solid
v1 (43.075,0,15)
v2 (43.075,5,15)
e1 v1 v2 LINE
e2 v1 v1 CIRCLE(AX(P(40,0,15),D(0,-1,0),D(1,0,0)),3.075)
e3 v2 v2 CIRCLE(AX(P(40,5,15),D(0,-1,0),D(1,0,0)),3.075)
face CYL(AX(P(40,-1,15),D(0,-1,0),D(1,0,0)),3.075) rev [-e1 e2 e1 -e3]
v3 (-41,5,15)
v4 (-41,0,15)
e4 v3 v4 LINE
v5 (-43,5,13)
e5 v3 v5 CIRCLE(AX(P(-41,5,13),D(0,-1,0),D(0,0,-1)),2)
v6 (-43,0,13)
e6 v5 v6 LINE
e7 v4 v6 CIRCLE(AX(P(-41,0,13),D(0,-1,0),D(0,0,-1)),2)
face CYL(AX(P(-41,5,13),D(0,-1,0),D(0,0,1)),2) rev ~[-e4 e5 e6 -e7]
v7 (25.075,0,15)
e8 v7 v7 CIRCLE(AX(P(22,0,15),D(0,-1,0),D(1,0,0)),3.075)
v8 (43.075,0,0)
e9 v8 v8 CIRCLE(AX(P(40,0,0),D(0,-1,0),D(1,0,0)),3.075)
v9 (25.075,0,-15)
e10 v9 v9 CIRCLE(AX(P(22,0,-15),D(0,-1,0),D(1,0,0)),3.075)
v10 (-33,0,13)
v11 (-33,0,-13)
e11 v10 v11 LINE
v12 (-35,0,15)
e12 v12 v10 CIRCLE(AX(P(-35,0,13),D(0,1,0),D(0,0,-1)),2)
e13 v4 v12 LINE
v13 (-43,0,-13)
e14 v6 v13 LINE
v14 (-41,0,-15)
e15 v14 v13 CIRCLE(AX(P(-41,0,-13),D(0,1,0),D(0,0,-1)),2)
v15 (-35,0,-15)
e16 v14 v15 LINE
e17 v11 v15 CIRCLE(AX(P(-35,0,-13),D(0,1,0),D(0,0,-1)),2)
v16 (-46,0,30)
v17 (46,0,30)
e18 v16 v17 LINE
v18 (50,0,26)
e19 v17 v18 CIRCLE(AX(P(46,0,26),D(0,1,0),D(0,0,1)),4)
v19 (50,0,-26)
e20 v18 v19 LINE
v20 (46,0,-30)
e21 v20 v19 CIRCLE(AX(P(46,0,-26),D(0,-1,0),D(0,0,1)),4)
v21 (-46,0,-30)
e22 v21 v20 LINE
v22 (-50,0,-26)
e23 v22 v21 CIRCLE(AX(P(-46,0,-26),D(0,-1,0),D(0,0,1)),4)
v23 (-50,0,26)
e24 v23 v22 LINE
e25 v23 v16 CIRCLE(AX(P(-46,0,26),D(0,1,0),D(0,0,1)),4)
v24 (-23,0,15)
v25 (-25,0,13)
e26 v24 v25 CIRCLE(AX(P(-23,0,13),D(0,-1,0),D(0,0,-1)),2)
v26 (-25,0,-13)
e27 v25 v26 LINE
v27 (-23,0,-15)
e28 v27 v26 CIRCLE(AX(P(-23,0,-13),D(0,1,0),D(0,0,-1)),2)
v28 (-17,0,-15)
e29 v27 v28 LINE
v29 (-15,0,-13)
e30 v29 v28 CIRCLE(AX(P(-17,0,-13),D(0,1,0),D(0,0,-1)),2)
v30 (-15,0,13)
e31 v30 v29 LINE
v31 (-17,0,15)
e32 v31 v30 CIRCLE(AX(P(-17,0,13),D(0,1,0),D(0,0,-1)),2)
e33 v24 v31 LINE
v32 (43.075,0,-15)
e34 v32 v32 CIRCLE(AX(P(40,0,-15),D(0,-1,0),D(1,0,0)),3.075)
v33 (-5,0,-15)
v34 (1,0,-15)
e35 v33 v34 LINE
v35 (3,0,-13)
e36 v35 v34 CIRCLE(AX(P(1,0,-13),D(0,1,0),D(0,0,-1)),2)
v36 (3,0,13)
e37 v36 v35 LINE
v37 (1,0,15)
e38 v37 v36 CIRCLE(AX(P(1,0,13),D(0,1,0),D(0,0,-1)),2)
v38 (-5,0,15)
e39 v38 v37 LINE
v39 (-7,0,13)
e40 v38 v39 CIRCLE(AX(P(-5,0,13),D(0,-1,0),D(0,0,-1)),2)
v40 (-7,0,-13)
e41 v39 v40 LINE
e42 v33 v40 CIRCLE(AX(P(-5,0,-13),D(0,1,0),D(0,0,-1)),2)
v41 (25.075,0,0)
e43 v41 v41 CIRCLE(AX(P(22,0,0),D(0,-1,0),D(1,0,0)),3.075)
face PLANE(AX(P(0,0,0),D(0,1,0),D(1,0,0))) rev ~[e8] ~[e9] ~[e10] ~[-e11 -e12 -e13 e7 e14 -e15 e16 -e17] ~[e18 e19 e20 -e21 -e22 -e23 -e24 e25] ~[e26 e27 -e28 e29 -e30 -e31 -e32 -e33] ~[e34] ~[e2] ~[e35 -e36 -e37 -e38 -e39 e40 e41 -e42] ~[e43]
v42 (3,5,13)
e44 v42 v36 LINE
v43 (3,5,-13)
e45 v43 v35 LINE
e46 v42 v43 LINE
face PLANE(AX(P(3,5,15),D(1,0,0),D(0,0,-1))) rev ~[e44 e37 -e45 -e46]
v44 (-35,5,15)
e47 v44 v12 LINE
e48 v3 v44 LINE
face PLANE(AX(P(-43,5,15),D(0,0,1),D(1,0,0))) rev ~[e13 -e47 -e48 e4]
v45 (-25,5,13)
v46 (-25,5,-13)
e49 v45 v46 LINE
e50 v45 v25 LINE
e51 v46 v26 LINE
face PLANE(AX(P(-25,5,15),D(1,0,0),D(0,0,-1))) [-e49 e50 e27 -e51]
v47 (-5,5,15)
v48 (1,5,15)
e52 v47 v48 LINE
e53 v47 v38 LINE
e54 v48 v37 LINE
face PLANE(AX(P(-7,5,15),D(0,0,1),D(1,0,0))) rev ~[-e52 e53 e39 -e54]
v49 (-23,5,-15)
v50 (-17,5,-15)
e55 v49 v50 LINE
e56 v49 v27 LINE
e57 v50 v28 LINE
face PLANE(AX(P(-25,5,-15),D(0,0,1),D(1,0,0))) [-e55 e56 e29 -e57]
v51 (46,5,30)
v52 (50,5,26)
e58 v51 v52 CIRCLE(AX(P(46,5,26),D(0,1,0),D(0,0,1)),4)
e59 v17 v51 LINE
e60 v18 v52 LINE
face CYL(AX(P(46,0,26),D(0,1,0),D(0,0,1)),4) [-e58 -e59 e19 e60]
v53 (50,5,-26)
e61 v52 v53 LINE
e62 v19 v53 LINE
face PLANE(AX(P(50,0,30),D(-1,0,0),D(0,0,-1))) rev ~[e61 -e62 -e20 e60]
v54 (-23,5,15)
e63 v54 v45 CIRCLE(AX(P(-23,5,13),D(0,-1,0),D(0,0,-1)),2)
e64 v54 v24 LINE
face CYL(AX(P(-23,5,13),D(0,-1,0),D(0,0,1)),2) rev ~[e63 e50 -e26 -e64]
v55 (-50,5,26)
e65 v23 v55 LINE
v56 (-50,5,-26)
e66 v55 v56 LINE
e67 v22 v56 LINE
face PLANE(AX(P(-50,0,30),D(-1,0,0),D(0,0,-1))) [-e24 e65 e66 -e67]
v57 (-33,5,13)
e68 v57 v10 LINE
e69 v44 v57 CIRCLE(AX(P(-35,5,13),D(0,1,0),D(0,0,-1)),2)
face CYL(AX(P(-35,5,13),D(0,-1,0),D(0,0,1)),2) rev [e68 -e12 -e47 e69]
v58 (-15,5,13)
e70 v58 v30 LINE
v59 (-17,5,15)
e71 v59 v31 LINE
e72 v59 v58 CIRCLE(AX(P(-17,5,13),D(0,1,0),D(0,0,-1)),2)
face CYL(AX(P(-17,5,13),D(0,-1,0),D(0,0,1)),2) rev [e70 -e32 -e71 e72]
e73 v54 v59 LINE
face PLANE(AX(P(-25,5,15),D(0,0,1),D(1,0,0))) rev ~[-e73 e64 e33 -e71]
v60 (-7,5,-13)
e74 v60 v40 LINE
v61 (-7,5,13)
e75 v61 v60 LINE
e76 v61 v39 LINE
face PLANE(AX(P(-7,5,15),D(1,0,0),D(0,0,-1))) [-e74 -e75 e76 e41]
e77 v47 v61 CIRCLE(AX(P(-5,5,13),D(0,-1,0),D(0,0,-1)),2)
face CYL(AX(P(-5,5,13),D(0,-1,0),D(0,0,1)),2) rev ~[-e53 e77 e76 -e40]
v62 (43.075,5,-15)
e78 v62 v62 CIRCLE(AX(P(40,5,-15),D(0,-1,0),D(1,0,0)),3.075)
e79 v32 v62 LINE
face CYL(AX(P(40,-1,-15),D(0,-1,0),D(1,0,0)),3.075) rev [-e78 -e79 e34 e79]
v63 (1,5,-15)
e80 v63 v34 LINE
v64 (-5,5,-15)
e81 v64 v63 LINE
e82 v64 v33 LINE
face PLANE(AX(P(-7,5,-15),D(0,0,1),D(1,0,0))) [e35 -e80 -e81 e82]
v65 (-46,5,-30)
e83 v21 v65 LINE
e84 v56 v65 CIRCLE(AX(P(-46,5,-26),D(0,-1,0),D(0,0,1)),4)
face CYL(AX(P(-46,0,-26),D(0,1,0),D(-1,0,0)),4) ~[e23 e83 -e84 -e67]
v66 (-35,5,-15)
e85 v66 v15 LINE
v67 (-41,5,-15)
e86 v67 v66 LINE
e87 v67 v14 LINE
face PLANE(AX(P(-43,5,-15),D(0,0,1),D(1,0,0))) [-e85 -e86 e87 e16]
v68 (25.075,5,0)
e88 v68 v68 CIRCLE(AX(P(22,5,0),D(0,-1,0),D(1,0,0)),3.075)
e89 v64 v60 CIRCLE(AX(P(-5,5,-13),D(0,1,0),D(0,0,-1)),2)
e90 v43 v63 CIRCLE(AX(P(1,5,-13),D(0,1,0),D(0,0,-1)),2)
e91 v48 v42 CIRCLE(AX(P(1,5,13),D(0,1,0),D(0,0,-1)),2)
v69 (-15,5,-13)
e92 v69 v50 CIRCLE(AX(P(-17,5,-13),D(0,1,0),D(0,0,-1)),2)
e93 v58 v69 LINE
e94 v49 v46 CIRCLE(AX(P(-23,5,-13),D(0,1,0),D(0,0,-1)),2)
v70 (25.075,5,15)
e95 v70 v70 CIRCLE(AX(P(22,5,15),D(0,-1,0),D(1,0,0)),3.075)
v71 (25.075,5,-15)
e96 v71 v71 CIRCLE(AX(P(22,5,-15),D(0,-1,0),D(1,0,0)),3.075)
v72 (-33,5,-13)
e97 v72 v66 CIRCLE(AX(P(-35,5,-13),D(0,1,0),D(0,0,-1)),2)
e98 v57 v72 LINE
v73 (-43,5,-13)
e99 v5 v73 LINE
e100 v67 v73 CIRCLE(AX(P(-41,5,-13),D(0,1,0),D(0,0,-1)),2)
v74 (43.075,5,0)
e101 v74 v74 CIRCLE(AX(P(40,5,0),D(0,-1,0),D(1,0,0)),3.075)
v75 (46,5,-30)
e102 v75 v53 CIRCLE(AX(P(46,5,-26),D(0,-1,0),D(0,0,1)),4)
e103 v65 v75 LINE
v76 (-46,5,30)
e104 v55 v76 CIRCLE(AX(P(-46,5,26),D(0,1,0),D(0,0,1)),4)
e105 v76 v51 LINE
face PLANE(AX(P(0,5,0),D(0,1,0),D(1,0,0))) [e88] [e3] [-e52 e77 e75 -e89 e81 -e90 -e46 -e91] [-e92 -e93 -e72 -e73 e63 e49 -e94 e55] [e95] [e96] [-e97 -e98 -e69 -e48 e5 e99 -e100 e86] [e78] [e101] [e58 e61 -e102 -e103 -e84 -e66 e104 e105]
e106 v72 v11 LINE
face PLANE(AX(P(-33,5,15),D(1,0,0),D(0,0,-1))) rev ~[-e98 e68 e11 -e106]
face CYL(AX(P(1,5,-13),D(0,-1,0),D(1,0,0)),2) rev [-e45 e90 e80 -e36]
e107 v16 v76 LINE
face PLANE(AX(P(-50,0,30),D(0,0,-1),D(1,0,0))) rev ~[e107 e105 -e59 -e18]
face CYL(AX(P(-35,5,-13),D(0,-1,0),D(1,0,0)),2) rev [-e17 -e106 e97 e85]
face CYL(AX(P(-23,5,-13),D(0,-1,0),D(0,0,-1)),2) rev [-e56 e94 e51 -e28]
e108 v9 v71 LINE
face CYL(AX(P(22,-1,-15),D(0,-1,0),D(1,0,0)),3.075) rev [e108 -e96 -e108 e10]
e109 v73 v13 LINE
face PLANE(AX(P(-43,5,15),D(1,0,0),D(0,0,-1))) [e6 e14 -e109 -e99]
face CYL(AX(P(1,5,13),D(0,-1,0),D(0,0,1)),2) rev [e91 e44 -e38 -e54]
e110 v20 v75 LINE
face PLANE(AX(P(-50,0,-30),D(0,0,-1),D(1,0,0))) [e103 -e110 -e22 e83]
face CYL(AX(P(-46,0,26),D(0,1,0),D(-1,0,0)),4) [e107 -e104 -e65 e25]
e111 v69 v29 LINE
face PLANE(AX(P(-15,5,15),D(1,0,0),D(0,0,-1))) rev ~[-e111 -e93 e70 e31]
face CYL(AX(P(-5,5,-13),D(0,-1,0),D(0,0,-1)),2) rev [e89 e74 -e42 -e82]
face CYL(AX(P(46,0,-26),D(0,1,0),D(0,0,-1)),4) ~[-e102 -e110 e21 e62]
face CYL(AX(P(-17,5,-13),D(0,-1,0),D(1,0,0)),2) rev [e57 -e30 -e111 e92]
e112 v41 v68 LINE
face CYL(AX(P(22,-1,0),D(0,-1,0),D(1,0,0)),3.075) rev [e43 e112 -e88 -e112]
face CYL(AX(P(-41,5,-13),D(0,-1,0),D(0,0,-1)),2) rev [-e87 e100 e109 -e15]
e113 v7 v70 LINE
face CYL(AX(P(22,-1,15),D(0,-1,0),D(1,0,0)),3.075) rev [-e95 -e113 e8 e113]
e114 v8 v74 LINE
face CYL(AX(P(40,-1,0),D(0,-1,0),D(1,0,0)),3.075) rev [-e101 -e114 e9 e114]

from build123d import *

# Parameters (mm, degrees)
SKETCH1_W              = 100
SKETCH1_H              = 60
BOSS_EXTRUDE1_DEPTH    = 5
CUT_EXTRUDE1_START     = -6
SKETCH2_R              = 3.075
CUT_EXTRUDE1_DEPTH     = 7
SKETCH3_W              = 10
SKETCH3_H              = 30
CUT_EXTRUDE2_DEPTH     = 6
FILLET2_R              = 2
LPATTERN1_COUNT        = 3
LPATTERN1_PITCH        = 18
FILLET2_OF_LPATTERN1_R = 2
LPATTERN2_COUNT        = 2
LPATTERN2_PITCH        = 18
FILLET1_R              = 4


with BuildPart() as part:
    # Sketch1 → Boss-Extrude1 (new body)
    with BuildSketch(Plane(origin=(0, 0, 0), x_dir=(1, 0, 0), z_dir=(0, 1, 0))):
        Rectangle(SKETCH1_W, SKETCH1_H)
    extrude(amount=BOSS_EXTRUDE1_DEPTH)

    # Sketch2 → Cut-Extrude1 (cut)
    with BuildSketch(Plane(origin=(0, 5, 0), x_dir=(1, 0, 0), z_dir=(0, 1, 0)).offset(CUT_EXTRUDE1_START)):
        with Locations((40, 15)):
            Circle(SKETCH2_R)
        with Locations((40, -15)):
            Circle(SKETCH2_R)
        with Locations((40, 0)):
            Circle(SKETCH2_R)
    cut_extrude1 = extrude(amount=CUT_EXTRUDE1_DEPTH, mode=Mode.SUBTRACT)

    # Sketch3 → Cut-Extrude2 (cut, through all)
    with BuildSketch(Plane(origin=(0, 5, 0), x_dir=(1, 0, 0), z_dir=(0, 1, 0))):
        with Locations((-38, 0)):
            Rectangle(SKETCH3_W, SKETCH3_H)
    cut_extrude2 = extrude(amount=-CUT_EXTRUDE2_DEPTH, mode=Mode.SUBTRACT)

    # Fillet2
    fillet2_edges = [part.edges().sort_by_distance(p)[0] for p in [
        (-33, 2.5, -15),
        (-33, 2.5, 15),
        (-43, 2.5, 15),
        (-43, 2.5, -15),
    ]]
    fillet(fillet2_edges, radius=FILLET2_R)

    # LPattern1: Cut-Extrude2 ×3
    with Locations(*[(i * LPATTERN1_PITCH, 0, 0) for i in range(1, LPATTERN1_COUNT)]):
        add(cut_extrude2, mode=Mode.SUBTRACT)

    # Fillet2 of LPattern1
    fillet2_of_lpattern1_edges = [part.edges().sort_by_distance(p)[0] for p in [
        (-15, 2.5, -15),
        (-15, 2.5, 15),
        (-25, 2.5, 15),
        (-25, 2.5, -15),
        (3, 2.5, -15),
        (3, 2.5, 15),
        (-7, 2.5, 15),
        (-7, 2.5, -15),
    ]]
    fillet(fillet2_of_lpattern1_edges, radius=FILLET2_OF_LPATTERN1_R)

    # LPattern2: Cut-Extrude1 ×2
    with Locations(*[(-i * LPATTERN2_PITCH, 0, 0) for i in range(1, LPATTERN2_COUNT)]):
        add(cut_extrude1, mode=Mode.SUBTRACT)

    # Fillet1
    fillet1_edges = [part.edges().sort_by_distance(p)[0] for p in [
        (50, 2.5, 30),
        (-50, 2.5, 30),
        (-50, 2.5, -30),
        (50, 2.5, -30),
    ]]
    fillet(fillet1_edges, radius=FILLET1_R)


solid = part.part
